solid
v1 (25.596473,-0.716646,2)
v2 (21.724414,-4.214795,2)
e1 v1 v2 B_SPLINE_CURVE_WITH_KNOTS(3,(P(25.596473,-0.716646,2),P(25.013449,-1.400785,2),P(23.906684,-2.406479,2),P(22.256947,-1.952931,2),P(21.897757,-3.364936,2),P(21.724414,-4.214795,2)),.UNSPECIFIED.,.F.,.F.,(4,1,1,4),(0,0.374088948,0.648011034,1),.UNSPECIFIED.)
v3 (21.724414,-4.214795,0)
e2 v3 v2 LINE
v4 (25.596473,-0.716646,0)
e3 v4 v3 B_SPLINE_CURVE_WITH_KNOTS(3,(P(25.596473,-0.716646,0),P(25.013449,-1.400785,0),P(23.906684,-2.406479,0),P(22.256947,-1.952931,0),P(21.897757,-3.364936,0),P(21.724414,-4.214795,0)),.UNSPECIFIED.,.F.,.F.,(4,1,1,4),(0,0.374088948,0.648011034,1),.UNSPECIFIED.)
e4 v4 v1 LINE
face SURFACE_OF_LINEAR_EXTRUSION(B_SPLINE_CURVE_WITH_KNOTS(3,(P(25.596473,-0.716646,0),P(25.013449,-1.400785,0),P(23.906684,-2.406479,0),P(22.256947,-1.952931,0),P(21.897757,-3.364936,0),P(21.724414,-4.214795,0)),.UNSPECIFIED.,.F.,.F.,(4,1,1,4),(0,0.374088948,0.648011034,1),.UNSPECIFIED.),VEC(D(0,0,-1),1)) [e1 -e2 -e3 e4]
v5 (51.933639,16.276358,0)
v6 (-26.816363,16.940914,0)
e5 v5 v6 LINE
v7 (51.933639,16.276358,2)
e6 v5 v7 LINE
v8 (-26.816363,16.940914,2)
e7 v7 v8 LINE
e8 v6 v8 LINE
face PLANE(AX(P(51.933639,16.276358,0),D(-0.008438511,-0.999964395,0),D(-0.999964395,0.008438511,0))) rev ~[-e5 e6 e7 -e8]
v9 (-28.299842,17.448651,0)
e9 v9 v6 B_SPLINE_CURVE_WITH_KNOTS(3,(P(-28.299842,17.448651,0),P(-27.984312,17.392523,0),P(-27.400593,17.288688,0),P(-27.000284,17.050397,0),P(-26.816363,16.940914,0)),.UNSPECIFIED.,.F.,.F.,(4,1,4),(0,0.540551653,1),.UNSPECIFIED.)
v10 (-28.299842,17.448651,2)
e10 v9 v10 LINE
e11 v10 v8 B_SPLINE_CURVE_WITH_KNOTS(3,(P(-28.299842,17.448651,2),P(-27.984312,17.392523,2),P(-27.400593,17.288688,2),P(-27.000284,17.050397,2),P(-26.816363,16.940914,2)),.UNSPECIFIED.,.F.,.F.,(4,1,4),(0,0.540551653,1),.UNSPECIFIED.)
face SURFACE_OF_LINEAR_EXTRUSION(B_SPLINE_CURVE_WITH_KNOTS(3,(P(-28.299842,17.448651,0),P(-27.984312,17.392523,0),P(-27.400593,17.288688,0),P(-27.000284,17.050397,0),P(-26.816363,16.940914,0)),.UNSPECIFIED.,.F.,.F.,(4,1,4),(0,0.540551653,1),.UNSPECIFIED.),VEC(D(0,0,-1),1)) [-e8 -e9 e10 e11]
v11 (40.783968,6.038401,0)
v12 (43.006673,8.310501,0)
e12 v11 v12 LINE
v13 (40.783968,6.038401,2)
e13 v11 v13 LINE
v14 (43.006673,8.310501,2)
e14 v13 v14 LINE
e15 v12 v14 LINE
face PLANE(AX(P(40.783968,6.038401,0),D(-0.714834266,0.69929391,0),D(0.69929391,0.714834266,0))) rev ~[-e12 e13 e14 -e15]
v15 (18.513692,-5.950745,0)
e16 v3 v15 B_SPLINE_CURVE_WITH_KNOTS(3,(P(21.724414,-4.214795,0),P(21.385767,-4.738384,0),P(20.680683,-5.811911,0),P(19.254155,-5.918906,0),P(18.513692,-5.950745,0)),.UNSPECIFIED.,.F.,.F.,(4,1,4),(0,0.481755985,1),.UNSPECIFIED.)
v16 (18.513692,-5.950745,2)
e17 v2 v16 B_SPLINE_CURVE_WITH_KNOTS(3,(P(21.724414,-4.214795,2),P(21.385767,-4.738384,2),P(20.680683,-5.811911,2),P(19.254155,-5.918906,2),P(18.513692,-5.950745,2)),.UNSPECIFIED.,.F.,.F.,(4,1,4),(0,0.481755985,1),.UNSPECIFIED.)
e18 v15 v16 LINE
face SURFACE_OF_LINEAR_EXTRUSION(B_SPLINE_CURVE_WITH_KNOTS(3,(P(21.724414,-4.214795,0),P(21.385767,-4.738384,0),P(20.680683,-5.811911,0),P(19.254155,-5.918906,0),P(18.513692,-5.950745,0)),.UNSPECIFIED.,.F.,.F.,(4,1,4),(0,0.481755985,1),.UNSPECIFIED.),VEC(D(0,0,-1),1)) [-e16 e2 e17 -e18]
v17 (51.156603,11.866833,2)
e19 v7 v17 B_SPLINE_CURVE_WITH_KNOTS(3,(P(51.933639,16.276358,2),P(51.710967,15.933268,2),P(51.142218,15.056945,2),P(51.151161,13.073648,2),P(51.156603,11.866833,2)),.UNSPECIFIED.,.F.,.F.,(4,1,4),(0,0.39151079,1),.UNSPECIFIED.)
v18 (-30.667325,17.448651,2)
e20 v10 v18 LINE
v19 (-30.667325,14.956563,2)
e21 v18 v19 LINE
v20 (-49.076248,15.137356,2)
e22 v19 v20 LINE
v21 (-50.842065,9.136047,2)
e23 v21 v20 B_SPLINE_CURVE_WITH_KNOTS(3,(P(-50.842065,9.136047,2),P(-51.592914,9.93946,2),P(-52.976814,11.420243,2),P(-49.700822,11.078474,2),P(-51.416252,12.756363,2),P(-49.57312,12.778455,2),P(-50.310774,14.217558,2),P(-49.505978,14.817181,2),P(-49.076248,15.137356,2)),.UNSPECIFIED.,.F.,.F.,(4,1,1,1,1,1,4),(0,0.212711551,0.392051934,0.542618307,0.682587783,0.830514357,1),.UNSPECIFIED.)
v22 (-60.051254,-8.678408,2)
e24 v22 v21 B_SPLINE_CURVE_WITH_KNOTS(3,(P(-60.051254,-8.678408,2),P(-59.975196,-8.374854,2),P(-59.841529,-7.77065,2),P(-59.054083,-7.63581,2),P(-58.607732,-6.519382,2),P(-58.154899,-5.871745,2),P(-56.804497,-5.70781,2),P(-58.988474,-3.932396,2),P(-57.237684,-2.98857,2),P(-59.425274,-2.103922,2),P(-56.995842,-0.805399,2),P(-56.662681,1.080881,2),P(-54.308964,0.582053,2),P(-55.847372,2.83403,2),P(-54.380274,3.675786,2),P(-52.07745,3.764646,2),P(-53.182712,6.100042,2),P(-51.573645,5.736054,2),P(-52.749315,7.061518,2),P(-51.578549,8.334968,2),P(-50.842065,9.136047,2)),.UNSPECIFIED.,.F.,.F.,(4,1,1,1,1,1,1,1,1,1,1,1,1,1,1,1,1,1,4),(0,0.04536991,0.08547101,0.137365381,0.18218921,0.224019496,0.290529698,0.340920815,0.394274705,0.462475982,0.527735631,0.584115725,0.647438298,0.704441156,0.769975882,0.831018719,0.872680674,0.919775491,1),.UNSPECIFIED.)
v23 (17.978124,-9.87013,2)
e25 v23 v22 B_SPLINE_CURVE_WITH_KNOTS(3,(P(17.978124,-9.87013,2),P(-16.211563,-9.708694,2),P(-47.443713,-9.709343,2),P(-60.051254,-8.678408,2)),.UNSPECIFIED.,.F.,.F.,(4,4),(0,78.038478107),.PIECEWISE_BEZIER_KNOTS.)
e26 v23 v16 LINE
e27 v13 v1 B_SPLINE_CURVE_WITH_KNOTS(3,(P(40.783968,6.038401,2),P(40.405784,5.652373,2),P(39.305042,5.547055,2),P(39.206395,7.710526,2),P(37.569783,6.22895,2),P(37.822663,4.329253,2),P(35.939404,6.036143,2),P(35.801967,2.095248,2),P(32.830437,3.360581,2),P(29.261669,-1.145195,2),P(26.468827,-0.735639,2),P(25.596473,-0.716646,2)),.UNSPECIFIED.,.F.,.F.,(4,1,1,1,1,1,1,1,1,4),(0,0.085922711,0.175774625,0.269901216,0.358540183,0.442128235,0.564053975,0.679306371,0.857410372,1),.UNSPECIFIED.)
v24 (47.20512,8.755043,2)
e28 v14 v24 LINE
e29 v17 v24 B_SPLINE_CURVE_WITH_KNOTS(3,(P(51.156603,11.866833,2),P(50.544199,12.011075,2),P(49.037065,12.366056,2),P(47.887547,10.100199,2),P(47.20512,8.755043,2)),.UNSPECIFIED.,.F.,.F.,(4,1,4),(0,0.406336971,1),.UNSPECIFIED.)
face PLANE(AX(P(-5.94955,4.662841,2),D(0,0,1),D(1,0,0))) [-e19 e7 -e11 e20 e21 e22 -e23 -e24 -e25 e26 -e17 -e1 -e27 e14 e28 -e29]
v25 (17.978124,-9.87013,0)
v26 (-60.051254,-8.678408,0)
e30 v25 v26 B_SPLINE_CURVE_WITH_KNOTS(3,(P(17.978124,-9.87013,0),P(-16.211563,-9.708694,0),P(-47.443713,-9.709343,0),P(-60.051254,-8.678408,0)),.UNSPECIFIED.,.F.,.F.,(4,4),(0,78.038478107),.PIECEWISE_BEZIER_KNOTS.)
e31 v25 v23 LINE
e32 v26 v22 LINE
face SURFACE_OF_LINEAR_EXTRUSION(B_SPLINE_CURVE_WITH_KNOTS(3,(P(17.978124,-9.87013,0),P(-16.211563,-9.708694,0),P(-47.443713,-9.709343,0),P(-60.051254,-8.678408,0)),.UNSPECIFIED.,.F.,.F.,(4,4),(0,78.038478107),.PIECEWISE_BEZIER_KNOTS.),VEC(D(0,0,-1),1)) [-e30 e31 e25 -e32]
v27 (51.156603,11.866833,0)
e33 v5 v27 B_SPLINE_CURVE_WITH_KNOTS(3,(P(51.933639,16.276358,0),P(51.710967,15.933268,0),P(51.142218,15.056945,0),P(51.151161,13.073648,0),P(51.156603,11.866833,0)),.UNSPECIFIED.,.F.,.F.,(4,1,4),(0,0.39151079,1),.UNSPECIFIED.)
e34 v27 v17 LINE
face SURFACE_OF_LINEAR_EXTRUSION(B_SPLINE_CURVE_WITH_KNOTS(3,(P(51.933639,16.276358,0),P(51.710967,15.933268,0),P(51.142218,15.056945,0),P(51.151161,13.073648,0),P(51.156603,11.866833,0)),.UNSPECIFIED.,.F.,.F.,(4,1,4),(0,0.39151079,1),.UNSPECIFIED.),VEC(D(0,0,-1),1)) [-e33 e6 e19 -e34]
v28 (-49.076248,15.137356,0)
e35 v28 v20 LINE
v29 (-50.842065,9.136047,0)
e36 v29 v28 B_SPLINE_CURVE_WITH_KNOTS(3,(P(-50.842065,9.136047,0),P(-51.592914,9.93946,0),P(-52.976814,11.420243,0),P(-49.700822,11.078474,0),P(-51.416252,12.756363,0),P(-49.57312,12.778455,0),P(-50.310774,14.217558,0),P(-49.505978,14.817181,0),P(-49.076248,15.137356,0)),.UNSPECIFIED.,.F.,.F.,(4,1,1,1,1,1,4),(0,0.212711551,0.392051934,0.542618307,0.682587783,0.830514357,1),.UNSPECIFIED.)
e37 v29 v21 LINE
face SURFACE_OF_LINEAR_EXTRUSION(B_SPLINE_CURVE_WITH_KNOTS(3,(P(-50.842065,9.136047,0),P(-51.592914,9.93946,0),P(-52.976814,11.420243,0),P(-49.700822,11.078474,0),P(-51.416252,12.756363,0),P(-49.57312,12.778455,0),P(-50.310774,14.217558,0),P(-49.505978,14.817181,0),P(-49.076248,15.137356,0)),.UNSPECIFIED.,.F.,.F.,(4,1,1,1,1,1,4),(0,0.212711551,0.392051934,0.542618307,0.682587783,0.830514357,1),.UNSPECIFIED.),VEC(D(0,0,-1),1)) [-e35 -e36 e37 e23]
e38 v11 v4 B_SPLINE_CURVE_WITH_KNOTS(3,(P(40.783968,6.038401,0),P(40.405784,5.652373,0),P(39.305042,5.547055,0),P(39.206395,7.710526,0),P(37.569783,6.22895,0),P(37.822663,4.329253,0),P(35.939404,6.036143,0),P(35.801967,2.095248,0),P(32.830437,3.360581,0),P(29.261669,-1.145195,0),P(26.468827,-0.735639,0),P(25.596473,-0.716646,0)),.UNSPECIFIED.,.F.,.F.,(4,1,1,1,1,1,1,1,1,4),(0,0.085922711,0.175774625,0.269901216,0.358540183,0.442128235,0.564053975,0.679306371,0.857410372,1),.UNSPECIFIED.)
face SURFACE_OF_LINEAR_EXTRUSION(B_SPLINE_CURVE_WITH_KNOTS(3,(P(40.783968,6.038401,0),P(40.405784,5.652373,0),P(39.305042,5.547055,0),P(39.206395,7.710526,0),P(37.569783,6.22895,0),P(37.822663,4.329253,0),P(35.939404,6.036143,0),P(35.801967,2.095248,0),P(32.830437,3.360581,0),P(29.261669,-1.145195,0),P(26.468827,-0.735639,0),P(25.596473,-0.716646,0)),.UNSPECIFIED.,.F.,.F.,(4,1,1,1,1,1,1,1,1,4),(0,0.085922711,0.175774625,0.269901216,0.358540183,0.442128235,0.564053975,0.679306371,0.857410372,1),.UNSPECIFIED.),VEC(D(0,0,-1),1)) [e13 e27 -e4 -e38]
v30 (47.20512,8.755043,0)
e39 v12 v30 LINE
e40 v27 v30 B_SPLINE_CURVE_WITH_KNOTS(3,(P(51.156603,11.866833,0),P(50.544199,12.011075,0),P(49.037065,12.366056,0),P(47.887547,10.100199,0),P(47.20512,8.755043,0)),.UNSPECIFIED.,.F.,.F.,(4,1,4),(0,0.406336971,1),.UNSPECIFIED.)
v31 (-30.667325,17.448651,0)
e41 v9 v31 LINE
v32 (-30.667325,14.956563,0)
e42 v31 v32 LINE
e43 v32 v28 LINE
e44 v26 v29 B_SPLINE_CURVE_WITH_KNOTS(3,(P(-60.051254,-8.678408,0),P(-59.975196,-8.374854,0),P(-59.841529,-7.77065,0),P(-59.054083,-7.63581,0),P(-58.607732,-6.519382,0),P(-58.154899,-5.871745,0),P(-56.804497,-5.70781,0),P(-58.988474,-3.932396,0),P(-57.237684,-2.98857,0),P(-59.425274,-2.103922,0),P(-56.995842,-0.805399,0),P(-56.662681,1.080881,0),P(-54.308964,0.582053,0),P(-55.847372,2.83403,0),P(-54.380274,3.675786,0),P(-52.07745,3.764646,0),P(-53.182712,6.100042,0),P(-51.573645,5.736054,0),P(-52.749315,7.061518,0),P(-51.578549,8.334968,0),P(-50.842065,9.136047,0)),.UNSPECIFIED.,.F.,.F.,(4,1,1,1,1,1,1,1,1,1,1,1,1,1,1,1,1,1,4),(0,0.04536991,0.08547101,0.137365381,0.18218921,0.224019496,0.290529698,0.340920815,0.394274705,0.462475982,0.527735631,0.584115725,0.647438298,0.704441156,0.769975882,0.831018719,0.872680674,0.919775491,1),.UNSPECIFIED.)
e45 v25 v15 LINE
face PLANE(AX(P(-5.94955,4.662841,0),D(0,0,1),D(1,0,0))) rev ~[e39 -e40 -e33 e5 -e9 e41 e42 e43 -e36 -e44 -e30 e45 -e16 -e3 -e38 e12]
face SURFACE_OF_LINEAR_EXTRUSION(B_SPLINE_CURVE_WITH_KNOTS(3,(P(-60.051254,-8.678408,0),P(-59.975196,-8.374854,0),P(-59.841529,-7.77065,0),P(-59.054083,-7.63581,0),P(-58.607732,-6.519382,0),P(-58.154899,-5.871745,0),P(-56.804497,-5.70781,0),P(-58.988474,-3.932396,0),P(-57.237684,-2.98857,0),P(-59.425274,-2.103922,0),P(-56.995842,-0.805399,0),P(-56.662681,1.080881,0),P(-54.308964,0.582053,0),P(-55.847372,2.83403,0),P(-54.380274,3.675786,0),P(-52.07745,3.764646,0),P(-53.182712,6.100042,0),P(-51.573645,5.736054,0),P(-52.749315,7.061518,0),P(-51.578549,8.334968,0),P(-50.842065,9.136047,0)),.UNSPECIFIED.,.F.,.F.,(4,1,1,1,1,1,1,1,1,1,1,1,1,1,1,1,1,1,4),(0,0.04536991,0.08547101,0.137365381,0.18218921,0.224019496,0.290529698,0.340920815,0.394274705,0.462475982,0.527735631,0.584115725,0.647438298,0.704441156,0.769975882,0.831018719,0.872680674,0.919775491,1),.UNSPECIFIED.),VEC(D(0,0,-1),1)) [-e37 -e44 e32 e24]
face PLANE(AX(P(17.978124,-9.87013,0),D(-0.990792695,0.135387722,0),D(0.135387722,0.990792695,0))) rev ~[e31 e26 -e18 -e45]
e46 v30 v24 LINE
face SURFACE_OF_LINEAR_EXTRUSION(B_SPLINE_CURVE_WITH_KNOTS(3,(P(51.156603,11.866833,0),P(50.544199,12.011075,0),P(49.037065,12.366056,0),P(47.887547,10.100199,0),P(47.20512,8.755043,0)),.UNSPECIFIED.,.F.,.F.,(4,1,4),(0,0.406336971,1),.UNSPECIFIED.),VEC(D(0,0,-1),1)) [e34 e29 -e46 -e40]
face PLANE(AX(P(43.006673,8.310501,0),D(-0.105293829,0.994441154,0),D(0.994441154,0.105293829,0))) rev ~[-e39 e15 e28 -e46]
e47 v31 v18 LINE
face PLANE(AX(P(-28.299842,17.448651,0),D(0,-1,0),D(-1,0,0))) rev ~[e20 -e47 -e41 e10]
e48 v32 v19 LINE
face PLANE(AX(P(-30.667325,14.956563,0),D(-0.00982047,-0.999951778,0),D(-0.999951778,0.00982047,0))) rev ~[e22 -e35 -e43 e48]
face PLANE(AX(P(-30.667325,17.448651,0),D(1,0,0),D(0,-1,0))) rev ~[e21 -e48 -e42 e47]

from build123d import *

# Parameters (mm, degrees)
F1_DEPTH = 2


with BuildPart() as f1:
    # F0 (on Top) → F1 (new body)
    with BuildSketch(Plane.XY):
        with BuildLine():
            Line((51.9336387515, 16.2763576955), (-26.8163625151, 16.9409140944))
            add(Edge.make_bspline(
                [(-28.2998420298, 17.448650673), (-27.9843120044, 17.3925225783), (-27.4005934576, 17.2886877377), (-27.0002840231, 17.0503965752), (-26.8163625151, 16.9409140944)],
                knots=[0, 0, 0, 0, 0.5405516529, 1, 1, 1, 1], degree=3))
            Line((-28.2998420298, 17.448650673), (-30.6673254818, 17.448650673))
            Line((-30.6673254818, 17.448650673), (-30.6673254818, 14.9565627798))
            Line((-30.6673254818, 14.9565627798), (-49.0762479603, 15.1373557746))
            add(Edge.make_bspline(
                [(-50.8420653641, 9.1360472143), (-51.592913609, 9.9394600417), (-52.9768135668, 11.4202425908), (-49.7008223032, 11.0784744025), (-51.4162524623, 12.7563634321), (-49.5731199418, 12.778454639), (-50.3107744989, 14.21755819), (-49.50597777, 14.8171808504), (-49.0762479603, 15.1373557746)],
                knots=[0, 0, 0, 0, 0.2127115513, 0.3920519344, 0.5426183072, 0.6825877833, 0.8305143565, 1, 1, 1, 1], degree=3))
            add(Edge.make_bspline(
                [(-60.0512539122, -8.6784082929), (-59.9751959162, -8.3748541868), (-59.8415292204, -7.7706500627), (-59.0540833301, -7.63580995), (-58.6077317125, -6.519382298), (-58.154898997, -5.8717447345), (-56.8044970149, -5.7078098777), (-58.9884742633, -3.9323955363), (-57.2376839834, -2.9885700862), (-59.4252737158, -2.1039218893), (-56.995841814, -0.8053994761), (-56.6626811229, 1.0808808354), (-54.3089640004, 0.5820525405), (-55.8473724272, 2.8340297491), (-54.3802740555, 3.6757855778), (-52.0774499542, 3.764645777), (-53.1827120249, 6.100041992), (-51.573644535, 5.7360544566), (-52.7493151327, 7.0615178158), (-51.578549184, 8.3349684248), (-50.8420653641, 9.1360472143)],
                knots=[0, 0, 0, 0, 0.0453699096, 0.0854710096, 0.1373653807, 0.18218921, 0.2240194961, 0.2905296975, 0.3409208145, 0.3942747049, 0.4624759821, 0.5277356306, 0.5841157254, 0.6474382983, 0.7044411561, 0.7699758822, 0.8310187192, 0.8726806743, 0.9197754909, 1, 1, 1, 1], degree=3))
            add(Edge.make_bspline(
                [(17.9781242976, -9.8701303527), (-16.2115626651, -9.7086936034), (-47.4437134536, -9.7093431316), (-60.0512539122, -8.6784082929)],
                knots=[0, 0, 0, 0, 78.0384781072, 78.0384781072, 78.0384781072, 78.0384781072], degree=3))
            Line((17.9781242976, -9.8701303527), (18.5136921555, -5.9507445135))
            add(Edge.make_bspline(
                [(21.7244140804, -4.2147948407), (21.385766735, -4.7383836444), (20.6806828478, -5.8119112796), (19.2541547475, -5.9189063755), (18.5136921555, -5.9507445135)],
                knots=[0, 0, 0, 0, 0.4817559846, 1, 1, 1, 1], degree=3))
            add(Edge.make_bspline(
                [(25.596473366, -0.7166455034), (25.0134486891, -1.4007848363), (23.9066838643, -2.4064786501), (22.2569465668, -1.9529313104), (21.8977569765, -3.3649358012), (21.7244140804, -4.2147948407)],
                knots=[0, 0, 0, 0, 0.3740889481, 0.6480110337, 1, 1, 1, 1], degree=3))
            add(Edge.make_bspline(
                [(40.7839678228, 6.0384008102), (40.4057835378, 5.6523734362), (39.3050416939, 5.5470554366), (39.2063953998, 7.7105262594), (37.5697828982, 6.2289499322), (37.8226626944, 4.3292529732), (35.9394040974, 6.0361426568), (35.8019666375, 2.0952475943), (32.8304373029, 3.3605814008), (29.2616690284, -1.1451951825), (26.4688266655, -0.7356391698), (25.596473366, -0.7166455034)],
                knots=[0, 0, 0, 0, 0.0859227106, 0.1757746251, 0.2699012162, 0.3585401825, 0.4421282353, 0.5640539754, 0.6793063712, 0.8574103725, 1, 1, 1, 1], degree=3))
            Line((40.7839678228, 6.0384008102), (43.0066734552, 8.3105014637))
            Line((43.0066734552, 8.3105014637), (47.2051203251, 8.755043149))
            add(Edge.make_bspline(
                [(51.1566027999, 11.8668330833), (50.5441986054, 12.01107507), (49.0370647773, 12.3660562726), (47.8875467055, 10.1001989001), (47.2051203251, 8.755043149)],
                knots=[0, 0, 0, 0, 0.4063369709, 1, 1, 1, 1], degree=3))
            add(Edge.make_bspline(
                [(51.9336387515, 16.2763576955), (51.7109673484, 15.9332678017), (51.1422182646, 15.0569448434), (51.1511611504, 13.0736478835), (51.1566027999, 11.8668330833)],
                knots=[0, 0, 0, 0, 0.3915107901, 1, 1, 1, 1], degree=3))
        make_face()
    extrude(amount=F1_DEPTH)


solid = f1.part
